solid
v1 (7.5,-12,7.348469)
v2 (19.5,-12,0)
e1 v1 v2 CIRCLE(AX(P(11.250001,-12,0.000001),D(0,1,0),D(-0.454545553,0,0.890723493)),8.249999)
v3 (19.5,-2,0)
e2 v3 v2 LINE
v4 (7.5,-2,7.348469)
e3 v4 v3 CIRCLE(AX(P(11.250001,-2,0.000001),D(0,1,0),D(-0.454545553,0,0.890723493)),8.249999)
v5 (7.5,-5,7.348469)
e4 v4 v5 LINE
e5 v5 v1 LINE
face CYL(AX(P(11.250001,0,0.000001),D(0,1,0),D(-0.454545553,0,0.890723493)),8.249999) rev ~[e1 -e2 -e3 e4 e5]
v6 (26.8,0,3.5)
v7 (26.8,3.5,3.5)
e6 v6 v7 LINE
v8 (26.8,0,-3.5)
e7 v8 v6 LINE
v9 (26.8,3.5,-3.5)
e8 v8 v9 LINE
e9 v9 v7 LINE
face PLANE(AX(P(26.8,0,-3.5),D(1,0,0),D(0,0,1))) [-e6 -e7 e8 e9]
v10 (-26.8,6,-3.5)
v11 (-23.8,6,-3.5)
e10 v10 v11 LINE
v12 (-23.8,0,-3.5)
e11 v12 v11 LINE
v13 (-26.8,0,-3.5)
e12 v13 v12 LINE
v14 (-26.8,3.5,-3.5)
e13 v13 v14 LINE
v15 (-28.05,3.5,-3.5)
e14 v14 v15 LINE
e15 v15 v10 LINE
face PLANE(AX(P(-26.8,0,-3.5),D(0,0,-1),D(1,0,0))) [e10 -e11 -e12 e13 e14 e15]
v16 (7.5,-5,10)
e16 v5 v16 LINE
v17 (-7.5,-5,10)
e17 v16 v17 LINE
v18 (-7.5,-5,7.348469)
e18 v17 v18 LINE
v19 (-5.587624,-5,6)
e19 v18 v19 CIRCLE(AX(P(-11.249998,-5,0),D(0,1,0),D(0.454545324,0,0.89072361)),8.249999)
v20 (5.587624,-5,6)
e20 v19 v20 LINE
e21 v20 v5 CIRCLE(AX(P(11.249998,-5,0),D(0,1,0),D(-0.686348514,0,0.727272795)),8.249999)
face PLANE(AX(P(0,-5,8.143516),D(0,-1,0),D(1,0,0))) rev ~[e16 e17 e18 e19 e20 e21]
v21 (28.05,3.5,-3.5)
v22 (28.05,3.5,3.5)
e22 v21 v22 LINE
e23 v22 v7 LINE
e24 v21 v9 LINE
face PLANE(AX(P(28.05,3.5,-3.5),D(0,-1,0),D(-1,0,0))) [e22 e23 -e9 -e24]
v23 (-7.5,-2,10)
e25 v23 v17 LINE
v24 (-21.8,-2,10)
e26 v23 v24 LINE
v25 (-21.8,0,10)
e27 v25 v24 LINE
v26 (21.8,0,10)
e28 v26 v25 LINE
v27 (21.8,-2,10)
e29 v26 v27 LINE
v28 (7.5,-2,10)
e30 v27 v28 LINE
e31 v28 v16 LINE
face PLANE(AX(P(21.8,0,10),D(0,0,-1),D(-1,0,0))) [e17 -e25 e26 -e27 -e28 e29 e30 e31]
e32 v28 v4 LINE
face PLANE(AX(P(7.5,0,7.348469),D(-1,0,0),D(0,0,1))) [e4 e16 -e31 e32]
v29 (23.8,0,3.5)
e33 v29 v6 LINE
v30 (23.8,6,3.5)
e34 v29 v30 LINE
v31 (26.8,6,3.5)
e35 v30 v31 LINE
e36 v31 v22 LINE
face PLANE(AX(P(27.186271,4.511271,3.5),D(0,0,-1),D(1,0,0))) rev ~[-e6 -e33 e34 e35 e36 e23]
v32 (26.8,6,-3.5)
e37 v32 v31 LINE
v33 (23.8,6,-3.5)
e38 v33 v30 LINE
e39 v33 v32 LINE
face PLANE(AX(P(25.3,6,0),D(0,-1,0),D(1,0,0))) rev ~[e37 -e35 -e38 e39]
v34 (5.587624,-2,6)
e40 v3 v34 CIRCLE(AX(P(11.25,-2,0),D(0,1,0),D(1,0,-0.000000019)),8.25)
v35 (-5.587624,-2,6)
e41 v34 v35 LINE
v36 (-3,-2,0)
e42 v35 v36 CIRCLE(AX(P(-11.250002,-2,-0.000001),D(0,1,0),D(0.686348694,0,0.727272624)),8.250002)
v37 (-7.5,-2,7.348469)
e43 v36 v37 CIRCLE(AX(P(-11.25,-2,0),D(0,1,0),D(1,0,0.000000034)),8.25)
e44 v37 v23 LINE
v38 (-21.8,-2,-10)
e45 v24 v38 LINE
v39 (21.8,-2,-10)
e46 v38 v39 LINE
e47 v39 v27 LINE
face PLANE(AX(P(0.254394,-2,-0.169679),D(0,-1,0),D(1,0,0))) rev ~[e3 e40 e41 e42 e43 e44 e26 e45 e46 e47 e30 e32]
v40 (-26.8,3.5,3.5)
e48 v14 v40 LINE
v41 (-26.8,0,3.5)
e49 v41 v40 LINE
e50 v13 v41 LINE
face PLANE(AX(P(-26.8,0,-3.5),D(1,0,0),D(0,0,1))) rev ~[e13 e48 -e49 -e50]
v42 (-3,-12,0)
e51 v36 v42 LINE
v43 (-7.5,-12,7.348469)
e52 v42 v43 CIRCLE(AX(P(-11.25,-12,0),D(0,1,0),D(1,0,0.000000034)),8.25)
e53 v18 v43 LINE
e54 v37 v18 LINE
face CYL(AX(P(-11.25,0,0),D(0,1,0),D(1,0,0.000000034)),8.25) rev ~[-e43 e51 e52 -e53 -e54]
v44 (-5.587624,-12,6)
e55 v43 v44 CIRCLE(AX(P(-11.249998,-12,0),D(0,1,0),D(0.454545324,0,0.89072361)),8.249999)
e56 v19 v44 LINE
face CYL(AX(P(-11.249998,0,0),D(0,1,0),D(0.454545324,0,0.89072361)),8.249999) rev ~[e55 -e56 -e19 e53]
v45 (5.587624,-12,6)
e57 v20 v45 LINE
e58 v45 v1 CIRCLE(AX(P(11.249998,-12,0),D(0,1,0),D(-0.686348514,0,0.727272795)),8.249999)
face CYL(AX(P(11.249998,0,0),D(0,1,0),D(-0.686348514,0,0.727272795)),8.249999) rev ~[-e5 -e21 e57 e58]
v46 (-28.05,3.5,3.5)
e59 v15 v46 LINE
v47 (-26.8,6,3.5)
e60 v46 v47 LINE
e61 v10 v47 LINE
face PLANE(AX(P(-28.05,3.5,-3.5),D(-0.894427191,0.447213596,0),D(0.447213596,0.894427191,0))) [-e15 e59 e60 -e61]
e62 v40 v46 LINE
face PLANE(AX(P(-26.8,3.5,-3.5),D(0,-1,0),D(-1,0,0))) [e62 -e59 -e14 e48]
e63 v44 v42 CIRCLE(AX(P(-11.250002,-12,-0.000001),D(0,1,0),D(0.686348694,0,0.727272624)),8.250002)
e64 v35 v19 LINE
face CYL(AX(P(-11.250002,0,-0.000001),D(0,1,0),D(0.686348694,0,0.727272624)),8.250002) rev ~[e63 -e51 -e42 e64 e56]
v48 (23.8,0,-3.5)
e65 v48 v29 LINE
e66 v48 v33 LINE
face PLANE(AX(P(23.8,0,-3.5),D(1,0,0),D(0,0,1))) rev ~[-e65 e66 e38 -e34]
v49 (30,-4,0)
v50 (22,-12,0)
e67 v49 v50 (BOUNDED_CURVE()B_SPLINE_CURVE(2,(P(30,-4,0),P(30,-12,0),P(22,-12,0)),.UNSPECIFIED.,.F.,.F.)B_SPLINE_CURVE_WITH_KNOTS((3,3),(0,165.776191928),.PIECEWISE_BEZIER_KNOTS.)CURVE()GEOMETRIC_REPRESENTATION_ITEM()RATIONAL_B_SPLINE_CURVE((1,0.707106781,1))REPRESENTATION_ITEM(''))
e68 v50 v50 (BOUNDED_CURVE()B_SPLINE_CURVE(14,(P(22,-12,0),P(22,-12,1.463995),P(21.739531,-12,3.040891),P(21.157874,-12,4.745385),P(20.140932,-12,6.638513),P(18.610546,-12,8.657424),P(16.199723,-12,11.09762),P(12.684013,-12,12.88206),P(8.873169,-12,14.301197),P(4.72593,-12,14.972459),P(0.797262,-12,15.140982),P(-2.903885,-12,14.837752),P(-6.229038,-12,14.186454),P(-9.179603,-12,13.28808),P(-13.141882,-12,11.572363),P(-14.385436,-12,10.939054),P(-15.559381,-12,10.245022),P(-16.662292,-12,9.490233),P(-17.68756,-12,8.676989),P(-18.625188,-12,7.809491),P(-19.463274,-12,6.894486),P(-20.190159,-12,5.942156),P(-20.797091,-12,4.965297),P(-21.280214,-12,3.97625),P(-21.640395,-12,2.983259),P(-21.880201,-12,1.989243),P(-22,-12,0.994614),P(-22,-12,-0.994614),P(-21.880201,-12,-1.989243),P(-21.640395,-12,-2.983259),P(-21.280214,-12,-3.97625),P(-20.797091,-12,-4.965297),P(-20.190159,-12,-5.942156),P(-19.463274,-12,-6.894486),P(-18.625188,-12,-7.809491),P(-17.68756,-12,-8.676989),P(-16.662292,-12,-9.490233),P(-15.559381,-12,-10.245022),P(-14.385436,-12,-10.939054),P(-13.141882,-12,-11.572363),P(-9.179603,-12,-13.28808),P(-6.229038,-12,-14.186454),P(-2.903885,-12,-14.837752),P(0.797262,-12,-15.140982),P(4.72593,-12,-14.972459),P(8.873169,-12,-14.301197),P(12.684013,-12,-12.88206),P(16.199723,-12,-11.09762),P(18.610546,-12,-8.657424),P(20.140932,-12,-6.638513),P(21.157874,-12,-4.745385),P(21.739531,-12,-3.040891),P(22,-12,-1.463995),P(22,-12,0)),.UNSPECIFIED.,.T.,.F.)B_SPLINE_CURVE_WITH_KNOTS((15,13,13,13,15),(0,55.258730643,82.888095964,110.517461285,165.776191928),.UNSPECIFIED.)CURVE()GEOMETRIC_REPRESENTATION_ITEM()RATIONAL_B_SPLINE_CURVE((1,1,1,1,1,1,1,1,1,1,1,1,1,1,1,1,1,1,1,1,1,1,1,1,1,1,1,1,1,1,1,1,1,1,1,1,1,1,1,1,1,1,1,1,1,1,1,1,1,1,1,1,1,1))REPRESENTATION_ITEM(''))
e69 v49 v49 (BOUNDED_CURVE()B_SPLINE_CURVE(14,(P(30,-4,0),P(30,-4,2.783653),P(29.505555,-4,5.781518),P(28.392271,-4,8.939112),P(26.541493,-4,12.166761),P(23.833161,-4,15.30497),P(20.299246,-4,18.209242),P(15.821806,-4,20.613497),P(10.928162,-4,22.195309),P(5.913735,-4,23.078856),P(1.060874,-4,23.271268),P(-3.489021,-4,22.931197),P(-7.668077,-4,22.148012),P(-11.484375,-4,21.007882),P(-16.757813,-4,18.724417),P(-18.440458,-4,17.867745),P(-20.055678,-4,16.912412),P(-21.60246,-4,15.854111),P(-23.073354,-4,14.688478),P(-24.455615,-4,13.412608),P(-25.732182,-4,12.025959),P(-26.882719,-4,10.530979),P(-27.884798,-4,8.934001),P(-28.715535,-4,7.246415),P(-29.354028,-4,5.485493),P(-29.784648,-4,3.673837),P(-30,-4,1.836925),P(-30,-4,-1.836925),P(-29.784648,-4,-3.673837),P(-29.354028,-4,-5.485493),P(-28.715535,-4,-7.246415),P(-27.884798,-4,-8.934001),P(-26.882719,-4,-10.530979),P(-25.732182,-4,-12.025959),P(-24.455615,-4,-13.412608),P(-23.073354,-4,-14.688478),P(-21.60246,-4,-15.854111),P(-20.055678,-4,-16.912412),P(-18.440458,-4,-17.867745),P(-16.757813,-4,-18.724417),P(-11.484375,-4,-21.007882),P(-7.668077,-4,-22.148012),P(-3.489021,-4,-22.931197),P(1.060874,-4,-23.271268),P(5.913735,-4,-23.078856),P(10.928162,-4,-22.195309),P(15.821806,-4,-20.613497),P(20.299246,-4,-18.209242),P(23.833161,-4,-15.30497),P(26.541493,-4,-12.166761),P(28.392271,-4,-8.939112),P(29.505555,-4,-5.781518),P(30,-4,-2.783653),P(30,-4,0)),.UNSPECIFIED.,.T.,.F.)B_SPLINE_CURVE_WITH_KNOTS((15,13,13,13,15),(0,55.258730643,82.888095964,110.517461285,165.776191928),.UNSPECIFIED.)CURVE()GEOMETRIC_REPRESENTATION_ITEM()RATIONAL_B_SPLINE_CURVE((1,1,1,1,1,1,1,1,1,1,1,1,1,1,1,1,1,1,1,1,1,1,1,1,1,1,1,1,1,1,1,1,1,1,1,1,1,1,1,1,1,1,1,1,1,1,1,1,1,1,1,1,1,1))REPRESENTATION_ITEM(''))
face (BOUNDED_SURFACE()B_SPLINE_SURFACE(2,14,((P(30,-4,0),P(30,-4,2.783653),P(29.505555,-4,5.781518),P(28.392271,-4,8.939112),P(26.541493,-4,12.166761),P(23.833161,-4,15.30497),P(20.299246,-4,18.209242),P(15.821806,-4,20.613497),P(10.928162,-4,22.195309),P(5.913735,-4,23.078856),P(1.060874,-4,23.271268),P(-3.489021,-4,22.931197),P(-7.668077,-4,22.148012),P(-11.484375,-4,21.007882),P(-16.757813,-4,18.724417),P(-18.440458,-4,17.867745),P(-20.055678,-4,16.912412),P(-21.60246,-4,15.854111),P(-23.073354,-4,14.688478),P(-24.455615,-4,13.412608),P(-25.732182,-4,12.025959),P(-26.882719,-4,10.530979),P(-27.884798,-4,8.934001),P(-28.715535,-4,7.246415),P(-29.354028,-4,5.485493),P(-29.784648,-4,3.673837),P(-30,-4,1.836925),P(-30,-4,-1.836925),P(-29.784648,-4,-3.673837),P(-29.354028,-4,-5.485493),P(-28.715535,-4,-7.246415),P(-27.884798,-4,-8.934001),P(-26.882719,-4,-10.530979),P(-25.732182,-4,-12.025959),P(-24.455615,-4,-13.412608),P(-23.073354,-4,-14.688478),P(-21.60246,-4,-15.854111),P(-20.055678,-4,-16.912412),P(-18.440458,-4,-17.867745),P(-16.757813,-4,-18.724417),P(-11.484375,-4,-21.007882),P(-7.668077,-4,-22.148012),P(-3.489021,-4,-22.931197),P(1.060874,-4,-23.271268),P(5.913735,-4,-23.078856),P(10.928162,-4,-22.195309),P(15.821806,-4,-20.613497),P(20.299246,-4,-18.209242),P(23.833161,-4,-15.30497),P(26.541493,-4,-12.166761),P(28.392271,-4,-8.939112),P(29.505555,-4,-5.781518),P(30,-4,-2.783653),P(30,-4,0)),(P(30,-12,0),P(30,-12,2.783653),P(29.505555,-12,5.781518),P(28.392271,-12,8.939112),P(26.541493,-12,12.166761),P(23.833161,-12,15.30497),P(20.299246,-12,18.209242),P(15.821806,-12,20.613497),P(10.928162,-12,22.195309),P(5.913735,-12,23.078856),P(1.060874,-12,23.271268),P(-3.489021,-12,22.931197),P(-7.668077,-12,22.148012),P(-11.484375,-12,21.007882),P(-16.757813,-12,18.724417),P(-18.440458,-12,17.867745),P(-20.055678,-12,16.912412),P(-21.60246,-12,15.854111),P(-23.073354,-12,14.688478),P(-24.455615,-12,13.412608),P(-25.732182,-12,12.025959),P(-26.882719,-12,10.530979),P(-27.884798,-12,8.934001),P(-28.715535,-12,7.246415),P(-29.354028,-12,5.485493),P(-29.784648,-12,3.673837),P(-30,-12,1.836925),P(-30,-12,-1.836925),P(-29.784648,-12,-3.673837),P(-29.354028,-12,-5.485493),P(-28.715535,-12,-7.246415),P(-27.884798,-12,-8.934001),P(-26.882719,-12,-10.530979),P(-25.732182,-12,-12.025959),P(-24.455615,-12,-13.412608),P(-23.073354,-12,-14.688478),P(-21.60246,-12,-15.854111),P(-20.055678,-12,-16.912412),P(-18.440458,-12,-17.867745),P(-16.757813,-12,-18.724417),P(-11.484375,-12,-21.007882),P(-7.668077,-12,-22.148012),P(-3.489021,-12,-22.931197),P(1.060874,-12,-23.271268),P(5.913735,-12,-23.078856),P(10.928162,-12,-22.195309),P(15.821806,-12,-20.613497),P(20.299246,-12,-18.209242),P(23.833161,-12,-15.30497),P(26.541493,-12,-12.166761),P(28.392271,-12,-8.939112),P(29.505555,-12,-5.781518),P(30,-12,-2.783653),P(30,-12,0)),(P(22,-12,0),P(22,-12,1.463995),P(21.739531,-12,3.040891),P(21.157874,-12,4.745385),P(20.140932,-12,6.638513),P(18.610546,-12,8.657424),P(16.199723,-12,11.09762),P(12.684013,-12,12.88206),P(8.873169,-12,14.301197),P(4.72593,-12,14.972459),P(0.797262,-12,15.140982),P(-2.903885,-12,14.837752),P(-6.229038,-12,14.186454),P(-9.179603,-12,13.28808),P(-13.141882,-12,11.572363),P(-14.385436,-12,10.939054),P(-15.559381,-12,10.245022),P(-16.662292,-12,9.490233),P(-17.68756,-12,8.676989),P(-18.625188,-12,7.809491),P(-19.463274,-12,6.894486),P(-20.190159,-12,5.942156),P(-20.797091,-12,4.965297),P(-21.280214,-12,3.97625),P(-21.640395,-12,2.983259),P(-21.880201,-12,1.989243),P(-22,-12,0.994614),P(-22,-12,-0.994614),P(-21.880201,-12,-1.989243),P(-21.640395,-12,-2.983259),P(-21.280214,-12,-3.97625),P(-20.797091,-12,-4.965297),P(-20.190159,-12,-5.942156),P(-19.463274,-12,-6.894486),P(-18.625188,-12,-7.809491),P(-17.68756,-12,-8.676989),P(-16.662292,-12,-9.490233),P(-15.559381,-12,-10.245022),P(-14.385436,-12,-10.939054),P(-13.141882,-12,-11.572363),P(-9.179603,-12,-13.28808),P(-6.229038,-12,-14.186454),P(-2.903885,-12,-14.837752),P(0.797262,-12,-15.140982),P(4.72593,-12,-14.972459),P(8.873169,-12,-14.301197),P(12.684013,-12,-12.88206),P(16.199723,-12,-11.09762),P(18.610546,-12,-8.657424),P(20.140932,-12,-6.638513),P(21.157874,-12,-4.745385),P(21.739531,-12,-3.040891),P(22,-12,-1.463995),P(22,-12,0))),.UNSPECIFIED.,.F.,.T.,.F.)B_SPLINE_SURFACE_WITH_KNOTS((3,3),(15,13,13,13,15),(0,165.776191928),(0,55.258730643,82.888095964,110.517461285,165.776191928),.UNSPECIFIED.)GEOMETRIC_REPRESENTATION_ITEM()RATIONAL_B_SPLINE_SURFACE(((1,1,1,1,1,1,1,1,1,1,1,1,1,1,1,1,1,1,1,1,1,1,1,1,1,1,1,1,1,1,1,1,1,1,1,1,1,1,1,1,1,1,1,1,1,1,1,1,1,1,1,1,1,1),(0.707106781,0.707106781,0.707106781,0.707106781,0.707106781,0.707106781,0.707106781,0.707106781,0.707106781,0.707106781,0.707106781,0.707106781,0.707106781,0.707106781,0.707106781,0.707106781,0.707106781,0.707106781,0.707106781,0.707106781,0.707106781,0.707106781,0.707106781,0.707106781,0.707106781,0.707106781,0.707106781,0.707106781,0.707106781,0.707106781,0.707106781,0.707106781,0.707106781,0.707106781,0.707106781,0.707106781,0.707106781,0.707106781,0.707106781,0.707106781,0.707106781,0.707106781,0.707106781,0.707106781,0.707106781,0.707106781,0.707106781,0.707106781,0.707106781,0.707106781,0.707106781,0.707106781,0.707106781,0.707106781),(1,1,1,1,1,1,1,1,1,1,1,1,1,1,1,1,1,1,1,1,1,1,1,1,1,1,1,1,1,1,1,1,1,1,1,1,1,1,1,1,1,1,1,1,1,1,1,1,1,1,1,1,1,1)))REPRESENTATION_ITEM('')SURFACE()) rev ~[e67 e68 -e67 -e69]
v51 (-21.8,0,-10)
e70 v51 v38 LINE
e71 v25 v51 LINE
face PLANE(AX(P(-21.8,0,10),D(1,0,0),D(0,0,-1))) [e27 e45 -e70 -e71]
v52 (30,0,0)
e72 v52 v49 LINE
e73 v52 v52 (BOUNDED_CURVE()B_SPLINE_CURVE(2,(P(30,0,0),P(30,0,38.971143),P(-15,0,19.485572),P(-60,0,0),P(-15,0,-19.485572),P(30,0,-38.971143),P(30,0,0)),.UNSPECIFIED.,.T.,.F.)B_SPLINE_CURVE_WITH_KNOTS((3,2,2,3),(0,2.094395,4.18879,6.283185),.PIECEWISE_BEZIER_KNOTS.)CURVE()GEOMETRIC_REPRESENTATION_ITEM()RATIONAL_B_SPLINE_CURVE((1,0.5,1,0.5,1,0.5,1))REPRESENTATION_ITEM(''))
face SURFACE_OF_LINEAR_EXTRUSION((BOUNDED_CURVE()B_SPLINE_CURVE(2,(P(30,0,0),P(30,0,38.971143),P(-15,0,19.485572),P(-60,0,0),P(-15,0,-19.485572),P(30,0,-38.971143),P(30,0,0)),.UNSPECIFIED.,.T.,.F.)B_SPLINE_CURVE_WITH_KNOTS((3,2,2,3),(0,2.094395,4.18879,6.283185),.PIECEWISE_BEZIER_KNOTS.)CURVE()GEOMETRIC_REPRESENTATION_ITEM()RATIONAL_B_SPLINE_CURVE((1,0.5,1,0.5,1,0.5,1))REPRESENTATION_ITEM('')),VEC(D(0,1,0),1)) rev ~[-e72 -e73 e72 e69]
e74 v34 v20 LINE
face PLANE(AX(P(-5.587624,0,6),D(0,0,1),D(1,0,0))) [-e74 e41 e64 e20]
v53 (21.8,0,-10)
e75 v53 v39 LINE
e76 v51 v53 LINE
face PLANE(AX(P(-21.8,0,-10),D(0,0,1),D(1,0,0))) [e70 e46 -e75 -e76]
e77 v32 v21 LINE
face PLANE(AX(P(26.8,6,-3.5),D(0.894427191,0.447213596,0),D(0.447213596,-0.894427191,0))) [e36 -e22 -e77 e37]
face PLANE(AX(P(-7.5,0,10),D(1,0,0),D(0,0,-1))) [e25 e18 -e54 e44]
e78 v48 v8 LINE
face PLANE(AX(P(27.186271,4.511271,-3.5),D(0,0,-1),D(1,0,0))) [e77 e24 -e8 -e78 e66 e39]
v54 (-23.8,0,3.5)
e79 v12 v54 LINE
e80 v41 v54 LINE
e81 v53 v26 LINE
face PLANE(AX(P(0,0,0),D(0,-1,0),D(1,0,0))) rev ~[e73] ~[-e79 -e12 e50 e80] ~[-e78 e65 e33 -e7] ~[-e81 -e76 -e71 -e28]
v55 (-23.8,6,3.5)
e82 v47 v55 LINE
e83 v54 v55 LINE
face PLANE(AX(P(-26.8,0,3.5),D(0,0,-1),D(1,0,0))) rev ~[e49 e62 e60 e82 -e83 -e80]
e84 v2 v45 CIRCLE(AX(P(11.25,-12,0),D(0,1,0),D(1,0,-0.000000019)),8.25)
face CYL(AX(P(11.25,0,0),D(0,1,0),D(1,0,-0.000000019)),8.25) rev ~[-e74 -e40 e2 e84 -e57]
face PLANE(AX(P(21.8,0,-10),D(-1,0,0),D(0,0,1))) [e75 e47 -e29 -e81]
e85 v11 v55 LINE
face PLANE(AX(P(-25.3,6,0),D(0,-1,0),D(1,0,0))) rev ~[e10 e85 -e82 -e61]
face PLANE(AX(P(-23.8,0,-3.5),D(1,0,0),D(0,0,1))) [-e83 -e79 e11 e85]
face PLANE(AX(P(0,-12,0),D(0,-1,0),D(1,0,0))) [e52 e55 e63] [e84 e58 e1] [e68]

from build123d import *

# Parameters (mm, degrees)
F1_DEPTH = 12
F2_DEPTH = 2
F3_R     = 8
F4_DEPTH = 5
F5_W     = 3
F5_H     = 7
F6_DEPTH = 6
F8_DEPTH = 7


with BuildPart() as f1:
    # F0 (on Front) → F1 (new body)
    with BuildSketch(Plane.XZ):
        with BuildLine():
            add(Edge.make_bspline(
                [(30, 0), (30, 38.971143), (-15, 19.485572), (-60, 0), (-15, -19.485572), (30, -38.971143), (30, 0)],
                knots=[0, 0, 0, 2.094395, 2.094395, 4.18879, 4.18879, 6.283185, 6.283185, 6.283185], degree=2, weights=[1, 0.5, 1, 0.5, 1, 0.5, 1]))
        make_face()
        Polygon((-21.8, 10), (-7.5, 10), (7.5, 10), (21.8, 10), (21.8, -10), (-21.8, -10), align=None, mode=Mode.SUBTRACT)
        with BuildLine():
            ThreePointArc((-5.587624, 6), (-3.674477, 3.267101), (-3, 0))
            ThreePointArc((-3, 0), (-18.285624, -4.308422), (-7.5, 7.348469))
            Line((-7.5, 7.348469), (-7.5, 10))
            Line((-7.5, 10), (-21.8, 10))
            Line((-21.8, 10), (-21.8, -10))
            Line((-21.8, -10), (21.8, -10))
            Line((21.8, -10), (21.8, 10))
            Line((21.8, 10), (7.5, 10))
            Line((7.5, 10), (7.5, 7.348469))
            ThreePointArc((7.5, 7.348469), (15.558422, 7.035624), (19.5, 0))
            ThreePointArc((19.5, 0), (7.982899, -7.575523), (5.587624, 6))
            Line((5.587624, 6), (-5.587624, 6))
        make_face()
        with BuildLine():
            ThreePointArc((-7.5, 7.348469), (-6.49576, 6.742381), (-5.587624, 6))
            Line((-5.587624, 6), (5.587624, 6))
            ThreePointArc((5.587624, 6), (6.49576, 6.742381), (7.5, 7.348469))
            Line((7.5, 7.348469), (7.5, 10))
            Line((7.5, 10), (-7.5, 10))
            Line((-7.5, 10), (-7.5, 7.348469))
        make_face()
    extrude(amount=F1_DEPTH)

    # F0 (on Front) → F2 (cut)
    with BuildSketch(Plane.XZ):
        with BuildLine():
            ThreePointArc((-5.587624, 6), (-3.674477, 3.267101), (-3, 0))
            ThreePointArc((-3, 0), (-18.285624, -4.308422), (-7.5, 7.348469))
            Line((-7.5, 7.348469), (-7.5, 10))
            Line((-7.5, 10), (-21.8, 10))
            Line((-21.8, 10), (-21.8, -10))
            Line((-21.8, -10), (21.8, -10))
            Line((21.8, -10), (21.8, 10))
            Line((21.8, 10), (7.5, 10))
            Line((7.5, 10), (7.5, 7.348469))
            ThreePointArc((7.5, 7.348469), (15.558422, 7.035624), (19.5, 0))
            ThreePointArc((19.5, 0), (7.982899, -7.575523), (5.587624, 6))
            Line((5.587624, 6), (-5.587624, 6))
        make_face()
        with BuildLine():
            ThreePointArc((-7.5, 7.348469), (-6.49576, 6.742381), (-5.587624, 6))
            Line((-5.587624, 6), (5.587624, 6))
            ThreePointArc((5.587624, 6), (6.49576, 6.742381), (7.5, 7.348469))
            Line((7.5, 7.348469), (7.5, 10))
            Line((7.5, 10), (-7.5, 10))
            Line((-7.5, 10), (-7.5, 7.348469))
        make_face()
    extrude(amount=F2_DEPTH, mode=Mode.SUBTRACT)

    # F3
    f3_edges = [f1.edges().sort_by_distance(p)[0] for p in [
        (-30, -12, 0),
    ]]
    fillet(f3_edges, radius=F3_R)

    # F0 (on Front) → F4 (cut)
    with BuildSketch(Plane.XZ):
        with BuildLine():
            ThreePointArc((-7.5, 7.348469), (-6.49576, 6.742381), (-5.587624, 6))
            Line((-5.587624, 6), (5.587624, 6))
            ThreePointArc((5.587624, 6), (6.49576, 6.742381), (7.5, 7.348469))
            Line((7.5, 7.348469), (7.5, 10))
            Line((7.5, 10), (-7.5, 10))
            Line((-7.5, 10), (-7.5, 7.348469))
        make_face()
    extrude(amount=F4_DEPTH, mode=Mode.SUBTRACT)

    # F5 (on face) → F6 (join)
    with BuildSketch(Plane.XZ):
        with Locations((25.3, 0)):
            Rectangle(F5_W, F5_H)
        with Locations((-25.3, 0)):
            Rectangle(F5_W, F5_H)
    extrude(amount=-F6_DEPTH)

    # F7 (on face) → F8 (join, through all)
    with BuildSketch(Plane(origin=(0, 0, -3.5), x_dir=(1, 0, 0), z_dir=(0, 0, -1))):
        Polygon((26.8, -3.5), (26.8, -6), (28.05, -3.5), align=None)
        Polygon((-28.05, -3.5), (-26.8, -6), (-26.8, -3.5), align=None)
    extrude(amount=-F8_DEPTH)


solid = f1.part
